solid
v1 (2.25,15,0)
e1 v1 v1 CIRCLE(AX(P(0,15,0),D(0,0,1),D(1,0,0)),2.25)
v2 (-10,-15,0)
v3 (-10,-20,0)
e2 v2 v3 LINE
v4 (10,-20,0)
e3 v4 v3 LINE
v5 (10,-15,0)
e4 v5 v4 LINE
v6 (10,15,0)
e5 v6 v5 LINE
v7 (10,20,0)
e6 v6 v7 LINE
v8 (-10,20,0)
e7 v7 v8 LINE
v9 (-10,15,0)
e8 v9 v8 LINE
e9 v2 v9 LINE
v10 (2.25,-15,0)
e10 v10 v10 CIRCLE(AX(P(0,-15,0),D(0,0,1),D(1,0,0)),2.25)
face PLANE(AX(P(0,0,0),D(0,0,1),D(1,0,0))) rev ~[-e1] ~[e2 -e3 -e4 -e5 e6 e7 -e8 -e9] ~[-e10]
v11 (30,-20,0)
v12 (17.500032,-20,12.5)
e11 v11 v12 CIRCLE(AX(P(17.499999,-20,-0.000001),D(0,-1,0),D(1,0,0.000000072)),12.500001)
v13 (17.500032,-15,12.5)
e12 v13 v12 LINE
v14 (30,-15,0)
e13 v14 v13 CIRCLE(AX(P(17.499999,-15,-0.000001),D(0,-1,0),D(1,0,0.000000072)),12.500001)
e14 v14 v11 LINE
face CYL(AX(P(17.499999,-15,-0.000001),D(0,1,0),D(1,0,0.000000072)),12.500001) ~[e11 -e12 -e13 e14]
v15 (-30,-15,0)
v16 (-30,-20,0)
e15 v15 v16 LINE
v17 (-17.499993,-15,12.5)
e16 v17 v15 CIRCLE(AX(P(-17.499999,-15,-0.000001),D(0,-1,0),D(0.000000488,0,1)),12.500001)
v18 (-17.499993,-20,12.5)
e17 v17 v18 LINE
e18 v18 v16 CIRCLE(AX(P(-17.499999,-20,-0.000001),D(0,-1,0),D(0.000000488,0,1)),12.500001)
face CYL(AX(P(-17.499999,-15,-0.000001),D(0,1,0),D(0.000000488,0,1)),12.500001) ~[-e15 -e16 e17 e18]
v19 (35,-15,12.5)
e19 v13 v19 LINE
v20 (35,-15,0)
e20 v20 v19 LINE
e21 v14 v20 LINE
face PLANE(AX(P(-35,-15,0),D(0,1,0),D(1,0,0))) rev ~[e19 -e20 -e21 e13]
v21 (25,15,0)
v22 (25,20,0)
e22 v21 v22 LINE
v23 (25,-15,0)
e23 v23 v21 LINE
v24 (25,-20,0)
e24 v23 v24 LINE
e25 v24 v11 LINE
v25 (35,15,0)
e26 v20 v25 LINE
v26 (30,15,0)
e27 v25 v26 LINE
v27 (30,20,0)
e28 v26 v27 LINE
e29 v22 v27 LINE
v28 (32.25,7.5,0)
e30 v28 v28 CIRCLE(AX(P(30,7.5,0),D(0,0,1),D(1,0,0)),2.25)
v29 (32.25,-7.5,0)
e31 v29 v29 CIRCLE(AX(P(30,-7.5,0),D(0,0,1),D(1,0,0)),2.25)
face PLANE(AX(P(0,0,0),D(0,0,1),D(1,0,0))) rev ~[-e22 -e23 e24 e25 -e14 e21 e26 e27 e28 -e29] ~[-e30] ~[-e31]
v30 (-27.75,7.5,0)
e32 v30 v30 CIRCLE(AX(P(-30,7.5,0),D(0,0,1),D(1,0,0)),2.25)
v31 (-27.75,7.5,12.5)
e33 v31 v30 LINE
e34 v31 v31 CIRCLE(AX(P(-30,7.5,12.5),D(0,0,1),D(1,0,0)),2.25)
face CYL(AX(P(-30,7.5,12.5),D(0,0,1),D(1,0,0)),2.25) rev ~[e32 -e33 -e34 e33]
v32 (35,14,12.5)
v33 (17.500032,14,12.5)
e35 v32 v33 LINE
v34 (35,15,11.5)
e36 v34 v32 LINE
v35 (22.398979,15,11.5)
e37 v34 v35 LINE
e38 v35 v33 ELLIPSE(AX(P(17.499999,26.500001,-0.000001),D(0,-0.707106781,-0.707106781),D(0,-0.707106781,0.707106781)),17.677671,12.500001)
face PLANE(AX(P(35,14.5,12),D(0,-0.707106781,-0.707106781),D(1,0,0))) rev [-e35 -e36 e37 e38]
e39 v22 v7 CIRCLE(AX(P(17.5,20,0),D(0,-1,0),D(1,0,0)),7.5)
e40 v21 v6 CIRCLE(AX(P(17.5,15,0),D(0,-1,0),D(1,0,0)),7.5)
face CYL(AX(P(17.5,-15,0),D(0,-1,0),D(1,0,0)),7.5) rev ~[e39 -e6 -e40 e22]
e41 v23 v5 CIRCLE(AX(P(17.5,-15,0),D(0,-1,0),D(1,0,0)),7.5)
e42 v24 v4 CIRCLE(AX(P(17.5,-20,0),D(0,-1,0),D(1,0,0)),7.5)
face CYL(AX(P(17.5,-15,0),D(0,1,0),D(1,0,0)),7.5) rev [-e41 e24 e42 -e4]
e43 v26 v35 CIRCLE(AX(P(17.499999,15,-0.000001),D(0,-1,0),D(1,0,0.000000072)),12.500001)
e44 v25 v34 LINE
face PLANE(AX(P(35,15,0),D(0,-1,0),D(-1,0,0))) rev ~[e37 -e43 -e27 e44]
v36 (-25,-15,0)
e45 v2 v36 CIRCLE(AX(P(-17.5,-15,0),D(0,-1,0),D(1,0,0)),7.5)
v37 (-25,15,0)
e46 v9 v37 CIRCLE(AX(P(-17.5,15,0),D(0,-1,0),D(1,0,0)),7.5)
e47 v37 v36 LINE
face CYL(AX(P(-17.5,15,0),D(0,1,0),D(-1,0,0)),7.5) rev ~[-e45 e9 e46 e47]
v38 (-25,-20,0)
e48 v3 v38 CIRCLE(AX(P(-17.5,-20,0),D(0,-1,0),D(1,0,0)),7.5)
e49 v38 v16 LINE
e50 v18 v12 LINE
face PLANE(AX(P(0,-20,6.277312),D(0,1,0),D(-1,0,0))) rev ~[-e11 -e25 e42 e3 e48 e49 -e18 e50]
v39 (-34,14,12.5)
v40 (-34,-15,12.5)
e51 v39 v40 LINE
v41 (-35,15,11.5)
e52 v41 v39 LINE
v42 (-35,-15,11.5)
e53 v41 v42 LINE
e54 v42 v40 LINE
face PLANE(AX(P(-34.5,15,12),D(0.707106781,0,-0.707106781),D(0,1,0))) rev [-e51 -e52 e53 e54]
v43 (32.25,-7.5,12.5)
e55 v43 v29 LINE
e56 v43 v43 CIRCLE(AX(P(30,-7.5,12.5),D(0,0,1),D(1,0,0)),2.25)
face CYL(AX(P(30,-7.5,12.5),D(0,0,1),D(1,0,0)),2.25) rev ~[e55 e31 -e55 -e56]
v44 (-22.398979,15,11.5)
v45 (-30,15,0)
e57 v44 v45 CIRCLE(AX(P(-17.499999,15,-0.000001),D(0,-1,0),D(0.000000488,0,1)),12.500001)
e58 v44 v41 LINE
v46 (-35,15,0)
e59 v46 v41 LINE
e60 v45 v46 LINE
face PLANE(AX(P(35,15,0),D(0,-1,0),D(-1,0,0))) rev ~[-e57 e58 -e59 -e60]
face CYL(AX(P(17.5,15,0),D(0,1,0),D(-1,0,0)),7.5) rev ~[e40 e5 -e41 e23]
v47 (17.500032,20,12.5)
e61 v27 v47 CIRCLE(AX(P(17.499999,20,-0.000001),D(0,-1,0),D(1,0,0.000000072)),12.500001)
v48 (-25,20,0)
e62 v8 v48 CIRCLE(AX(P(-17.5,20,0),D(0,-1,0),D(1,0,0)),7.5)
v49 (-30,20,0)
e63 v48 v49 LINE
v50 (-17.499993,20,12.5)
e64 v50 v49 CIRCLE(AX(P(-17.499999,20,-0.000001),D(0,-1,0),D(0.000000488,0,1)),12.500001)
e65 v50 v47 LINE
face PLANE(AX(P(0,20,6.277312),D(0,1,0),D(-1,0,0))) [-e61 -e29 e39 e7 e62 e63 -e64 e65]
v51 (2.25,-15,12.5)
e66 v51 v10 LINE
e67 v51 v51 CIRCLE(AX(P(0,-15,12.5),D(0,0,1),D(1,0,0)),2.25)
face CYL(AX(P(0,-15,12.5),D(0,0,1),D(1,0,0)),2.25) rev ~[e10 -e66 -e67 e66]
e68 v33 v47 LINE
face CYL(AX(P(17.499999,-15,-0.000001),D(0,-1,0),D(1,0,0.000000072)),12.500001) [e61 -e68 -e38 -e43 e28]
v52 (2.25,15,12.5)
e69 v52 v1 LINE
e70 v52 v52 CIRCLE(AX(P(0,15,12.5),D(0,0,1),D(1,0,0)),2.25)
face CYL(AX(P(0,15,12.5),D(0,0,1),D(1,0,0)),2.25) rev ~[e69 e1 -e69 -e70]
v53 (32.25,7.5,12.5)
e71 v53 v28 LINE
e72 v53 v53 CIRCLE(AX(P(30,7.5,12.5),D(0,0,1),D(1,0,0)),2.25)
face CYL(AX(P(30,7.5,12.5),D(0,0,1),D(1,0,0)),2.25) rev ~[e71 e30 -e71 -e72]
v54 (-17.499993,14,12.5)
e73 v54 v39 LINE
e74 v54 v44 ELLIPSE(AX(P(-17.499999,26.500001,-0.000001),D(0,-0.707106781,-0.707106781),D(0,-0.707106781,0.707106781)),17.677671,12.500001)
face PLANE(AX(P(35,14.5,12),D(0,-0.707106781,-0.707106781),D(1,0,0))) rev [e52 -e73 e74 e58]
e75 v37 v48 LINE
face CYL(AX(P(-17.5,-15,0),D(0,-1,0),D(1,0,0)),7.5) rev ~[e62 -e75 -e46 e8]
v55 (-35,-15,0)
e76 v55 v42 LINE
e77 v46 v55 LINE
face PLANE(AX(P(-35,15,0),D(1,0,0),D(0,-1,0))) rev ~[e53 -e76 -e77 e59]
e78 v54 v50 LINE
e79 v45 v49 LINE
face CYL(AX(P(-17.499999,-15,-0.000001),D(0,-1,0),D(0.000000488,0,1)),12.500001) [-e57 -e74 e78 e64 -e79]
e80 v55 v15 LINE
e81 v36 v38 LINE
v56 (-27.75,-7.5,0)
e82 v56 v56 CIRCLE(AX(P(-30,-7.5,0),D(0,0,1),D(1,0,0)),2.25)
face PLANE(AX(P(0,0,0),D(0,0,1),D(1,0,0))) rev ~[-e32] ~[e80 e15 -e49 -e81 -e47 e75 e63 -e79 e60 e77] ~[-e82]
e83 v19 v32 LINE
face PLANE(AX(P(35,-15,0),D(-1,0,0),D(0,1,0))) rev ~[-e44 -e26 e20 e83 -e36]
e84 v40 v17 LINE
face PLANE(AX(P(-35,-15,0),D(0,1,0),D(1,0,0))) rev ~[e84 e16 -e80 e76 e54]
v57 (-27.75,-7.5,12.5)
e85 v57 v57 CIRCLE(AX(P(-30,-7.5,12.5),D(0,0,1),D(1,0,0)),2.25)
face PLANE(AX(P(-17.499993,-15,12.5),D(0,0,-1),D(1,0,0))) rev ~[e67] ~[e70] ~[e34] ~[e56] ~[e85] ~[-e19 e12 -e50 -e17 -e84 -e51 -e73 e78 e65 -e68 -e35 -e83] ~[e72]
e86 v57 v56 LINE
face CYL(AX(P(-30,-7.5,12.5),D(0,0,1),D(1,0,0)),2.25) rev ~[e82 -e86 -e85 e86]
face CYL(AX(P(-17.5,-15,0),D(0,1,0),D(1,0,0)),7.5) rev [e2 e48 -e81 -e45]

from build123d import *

# Parameters (mm, degrees)
PAD_DEPTH         = 12.5
CHAMFER_SIZE      = 1
PAD001_DEPTH      = 5
PAD001_DEPTH_BACK = 35
SKETCH002_R       = 7.5
POCKET_DEPTH      = 35.001
SKETCH003_R       = 2.25
POCKET001_DEPTH   = 12.501


with BuildPart() as part:
    # Sketch → Pad (new body)
    with BuildSketch(Plane.XY):
        Polygon((-35, 15), (-35, -15), (-30, -15), (30, -15), (35, -15), (35, 15), (30, 15), (-30, 15), align=None)
    extrude(amount=PAD_DEPTH)

    # Chamfer
    chamfer_edges = [part.edges().sort_by_distance(p)[0] for p in [
        (0, 15, 12.5),
        (-35, 0, 12.5),
    ]]
    chamfer(chamfer_edges, length=CHAMFER_SIZE)

    # Sketch001 → Pad001 (new body, two sides)
    with BuildSketch(Plane.XZ.offset(15)) as pad001_sk:
        with BuildLine():
            ThreePointArc((-10, 0), (-17.5, 7.5), (-25, 0))
            Line((-25, 0), (-30, 0))
            ThreePointArc((-17.499993, 12.5), (-26.338832, 8.838837), (-30, 0))
            Line((-17.499993, 12.5), (17.500032, 12.5))
            ThreePointArc((30, 0), (26.338846, 8.838823), (17.500032, 12.5))
            Line((25, 0), (30, 0))
            ThreePointArc((25, 0), (17.5, 7.5), (10, 0))
            Line((10, 0), (-10, 0))
        make_face()
    extrude(amount=PAD001_DEPTH)
    extrude(pad001_sk.sketch, amount=-PAD001_DEPTH_BACK)

    # Sketch002 → Pocket (cut, through all)
    with BuildSketch(Plane(origin=(0, 15, 0), x_dir=(-1, 0, 0), z_dir=(0, 1, 0))):
        with Locations((-17.5, 0)):
            Circle(SKETCH002_R)
        with Locations((17.5, 0)):
            Circle(SKETCH002_R)
    extrude(amount=-POCKET_DEPTH, mode=Mode.SUBTRACT)

    # Sketch003 → Pocket001 (cut, through all)
    with BuildSketch(Plane.XY.offset(12.5)):
        with Locations((0, 15)):
            Circle(SKETCH003_R)
        with Locations((0, -15)):
            Circle(SKETCH003_R)
        with Locations((-30, 7.5)):
            Circle(SKETCH003_R)
        with Locations((-30, -7.5)):
            Circle(SKETCH003_R)
        with Locations((30, 7.5)):
            Circle(SKETCH003_R)
        with Locations((30, -7.5)):
            Circle(SKETCH003_R)
    extrude(amount=-POCKET001_DEPTH, mode=Mode.SUBTRACT)


solid = part.part
